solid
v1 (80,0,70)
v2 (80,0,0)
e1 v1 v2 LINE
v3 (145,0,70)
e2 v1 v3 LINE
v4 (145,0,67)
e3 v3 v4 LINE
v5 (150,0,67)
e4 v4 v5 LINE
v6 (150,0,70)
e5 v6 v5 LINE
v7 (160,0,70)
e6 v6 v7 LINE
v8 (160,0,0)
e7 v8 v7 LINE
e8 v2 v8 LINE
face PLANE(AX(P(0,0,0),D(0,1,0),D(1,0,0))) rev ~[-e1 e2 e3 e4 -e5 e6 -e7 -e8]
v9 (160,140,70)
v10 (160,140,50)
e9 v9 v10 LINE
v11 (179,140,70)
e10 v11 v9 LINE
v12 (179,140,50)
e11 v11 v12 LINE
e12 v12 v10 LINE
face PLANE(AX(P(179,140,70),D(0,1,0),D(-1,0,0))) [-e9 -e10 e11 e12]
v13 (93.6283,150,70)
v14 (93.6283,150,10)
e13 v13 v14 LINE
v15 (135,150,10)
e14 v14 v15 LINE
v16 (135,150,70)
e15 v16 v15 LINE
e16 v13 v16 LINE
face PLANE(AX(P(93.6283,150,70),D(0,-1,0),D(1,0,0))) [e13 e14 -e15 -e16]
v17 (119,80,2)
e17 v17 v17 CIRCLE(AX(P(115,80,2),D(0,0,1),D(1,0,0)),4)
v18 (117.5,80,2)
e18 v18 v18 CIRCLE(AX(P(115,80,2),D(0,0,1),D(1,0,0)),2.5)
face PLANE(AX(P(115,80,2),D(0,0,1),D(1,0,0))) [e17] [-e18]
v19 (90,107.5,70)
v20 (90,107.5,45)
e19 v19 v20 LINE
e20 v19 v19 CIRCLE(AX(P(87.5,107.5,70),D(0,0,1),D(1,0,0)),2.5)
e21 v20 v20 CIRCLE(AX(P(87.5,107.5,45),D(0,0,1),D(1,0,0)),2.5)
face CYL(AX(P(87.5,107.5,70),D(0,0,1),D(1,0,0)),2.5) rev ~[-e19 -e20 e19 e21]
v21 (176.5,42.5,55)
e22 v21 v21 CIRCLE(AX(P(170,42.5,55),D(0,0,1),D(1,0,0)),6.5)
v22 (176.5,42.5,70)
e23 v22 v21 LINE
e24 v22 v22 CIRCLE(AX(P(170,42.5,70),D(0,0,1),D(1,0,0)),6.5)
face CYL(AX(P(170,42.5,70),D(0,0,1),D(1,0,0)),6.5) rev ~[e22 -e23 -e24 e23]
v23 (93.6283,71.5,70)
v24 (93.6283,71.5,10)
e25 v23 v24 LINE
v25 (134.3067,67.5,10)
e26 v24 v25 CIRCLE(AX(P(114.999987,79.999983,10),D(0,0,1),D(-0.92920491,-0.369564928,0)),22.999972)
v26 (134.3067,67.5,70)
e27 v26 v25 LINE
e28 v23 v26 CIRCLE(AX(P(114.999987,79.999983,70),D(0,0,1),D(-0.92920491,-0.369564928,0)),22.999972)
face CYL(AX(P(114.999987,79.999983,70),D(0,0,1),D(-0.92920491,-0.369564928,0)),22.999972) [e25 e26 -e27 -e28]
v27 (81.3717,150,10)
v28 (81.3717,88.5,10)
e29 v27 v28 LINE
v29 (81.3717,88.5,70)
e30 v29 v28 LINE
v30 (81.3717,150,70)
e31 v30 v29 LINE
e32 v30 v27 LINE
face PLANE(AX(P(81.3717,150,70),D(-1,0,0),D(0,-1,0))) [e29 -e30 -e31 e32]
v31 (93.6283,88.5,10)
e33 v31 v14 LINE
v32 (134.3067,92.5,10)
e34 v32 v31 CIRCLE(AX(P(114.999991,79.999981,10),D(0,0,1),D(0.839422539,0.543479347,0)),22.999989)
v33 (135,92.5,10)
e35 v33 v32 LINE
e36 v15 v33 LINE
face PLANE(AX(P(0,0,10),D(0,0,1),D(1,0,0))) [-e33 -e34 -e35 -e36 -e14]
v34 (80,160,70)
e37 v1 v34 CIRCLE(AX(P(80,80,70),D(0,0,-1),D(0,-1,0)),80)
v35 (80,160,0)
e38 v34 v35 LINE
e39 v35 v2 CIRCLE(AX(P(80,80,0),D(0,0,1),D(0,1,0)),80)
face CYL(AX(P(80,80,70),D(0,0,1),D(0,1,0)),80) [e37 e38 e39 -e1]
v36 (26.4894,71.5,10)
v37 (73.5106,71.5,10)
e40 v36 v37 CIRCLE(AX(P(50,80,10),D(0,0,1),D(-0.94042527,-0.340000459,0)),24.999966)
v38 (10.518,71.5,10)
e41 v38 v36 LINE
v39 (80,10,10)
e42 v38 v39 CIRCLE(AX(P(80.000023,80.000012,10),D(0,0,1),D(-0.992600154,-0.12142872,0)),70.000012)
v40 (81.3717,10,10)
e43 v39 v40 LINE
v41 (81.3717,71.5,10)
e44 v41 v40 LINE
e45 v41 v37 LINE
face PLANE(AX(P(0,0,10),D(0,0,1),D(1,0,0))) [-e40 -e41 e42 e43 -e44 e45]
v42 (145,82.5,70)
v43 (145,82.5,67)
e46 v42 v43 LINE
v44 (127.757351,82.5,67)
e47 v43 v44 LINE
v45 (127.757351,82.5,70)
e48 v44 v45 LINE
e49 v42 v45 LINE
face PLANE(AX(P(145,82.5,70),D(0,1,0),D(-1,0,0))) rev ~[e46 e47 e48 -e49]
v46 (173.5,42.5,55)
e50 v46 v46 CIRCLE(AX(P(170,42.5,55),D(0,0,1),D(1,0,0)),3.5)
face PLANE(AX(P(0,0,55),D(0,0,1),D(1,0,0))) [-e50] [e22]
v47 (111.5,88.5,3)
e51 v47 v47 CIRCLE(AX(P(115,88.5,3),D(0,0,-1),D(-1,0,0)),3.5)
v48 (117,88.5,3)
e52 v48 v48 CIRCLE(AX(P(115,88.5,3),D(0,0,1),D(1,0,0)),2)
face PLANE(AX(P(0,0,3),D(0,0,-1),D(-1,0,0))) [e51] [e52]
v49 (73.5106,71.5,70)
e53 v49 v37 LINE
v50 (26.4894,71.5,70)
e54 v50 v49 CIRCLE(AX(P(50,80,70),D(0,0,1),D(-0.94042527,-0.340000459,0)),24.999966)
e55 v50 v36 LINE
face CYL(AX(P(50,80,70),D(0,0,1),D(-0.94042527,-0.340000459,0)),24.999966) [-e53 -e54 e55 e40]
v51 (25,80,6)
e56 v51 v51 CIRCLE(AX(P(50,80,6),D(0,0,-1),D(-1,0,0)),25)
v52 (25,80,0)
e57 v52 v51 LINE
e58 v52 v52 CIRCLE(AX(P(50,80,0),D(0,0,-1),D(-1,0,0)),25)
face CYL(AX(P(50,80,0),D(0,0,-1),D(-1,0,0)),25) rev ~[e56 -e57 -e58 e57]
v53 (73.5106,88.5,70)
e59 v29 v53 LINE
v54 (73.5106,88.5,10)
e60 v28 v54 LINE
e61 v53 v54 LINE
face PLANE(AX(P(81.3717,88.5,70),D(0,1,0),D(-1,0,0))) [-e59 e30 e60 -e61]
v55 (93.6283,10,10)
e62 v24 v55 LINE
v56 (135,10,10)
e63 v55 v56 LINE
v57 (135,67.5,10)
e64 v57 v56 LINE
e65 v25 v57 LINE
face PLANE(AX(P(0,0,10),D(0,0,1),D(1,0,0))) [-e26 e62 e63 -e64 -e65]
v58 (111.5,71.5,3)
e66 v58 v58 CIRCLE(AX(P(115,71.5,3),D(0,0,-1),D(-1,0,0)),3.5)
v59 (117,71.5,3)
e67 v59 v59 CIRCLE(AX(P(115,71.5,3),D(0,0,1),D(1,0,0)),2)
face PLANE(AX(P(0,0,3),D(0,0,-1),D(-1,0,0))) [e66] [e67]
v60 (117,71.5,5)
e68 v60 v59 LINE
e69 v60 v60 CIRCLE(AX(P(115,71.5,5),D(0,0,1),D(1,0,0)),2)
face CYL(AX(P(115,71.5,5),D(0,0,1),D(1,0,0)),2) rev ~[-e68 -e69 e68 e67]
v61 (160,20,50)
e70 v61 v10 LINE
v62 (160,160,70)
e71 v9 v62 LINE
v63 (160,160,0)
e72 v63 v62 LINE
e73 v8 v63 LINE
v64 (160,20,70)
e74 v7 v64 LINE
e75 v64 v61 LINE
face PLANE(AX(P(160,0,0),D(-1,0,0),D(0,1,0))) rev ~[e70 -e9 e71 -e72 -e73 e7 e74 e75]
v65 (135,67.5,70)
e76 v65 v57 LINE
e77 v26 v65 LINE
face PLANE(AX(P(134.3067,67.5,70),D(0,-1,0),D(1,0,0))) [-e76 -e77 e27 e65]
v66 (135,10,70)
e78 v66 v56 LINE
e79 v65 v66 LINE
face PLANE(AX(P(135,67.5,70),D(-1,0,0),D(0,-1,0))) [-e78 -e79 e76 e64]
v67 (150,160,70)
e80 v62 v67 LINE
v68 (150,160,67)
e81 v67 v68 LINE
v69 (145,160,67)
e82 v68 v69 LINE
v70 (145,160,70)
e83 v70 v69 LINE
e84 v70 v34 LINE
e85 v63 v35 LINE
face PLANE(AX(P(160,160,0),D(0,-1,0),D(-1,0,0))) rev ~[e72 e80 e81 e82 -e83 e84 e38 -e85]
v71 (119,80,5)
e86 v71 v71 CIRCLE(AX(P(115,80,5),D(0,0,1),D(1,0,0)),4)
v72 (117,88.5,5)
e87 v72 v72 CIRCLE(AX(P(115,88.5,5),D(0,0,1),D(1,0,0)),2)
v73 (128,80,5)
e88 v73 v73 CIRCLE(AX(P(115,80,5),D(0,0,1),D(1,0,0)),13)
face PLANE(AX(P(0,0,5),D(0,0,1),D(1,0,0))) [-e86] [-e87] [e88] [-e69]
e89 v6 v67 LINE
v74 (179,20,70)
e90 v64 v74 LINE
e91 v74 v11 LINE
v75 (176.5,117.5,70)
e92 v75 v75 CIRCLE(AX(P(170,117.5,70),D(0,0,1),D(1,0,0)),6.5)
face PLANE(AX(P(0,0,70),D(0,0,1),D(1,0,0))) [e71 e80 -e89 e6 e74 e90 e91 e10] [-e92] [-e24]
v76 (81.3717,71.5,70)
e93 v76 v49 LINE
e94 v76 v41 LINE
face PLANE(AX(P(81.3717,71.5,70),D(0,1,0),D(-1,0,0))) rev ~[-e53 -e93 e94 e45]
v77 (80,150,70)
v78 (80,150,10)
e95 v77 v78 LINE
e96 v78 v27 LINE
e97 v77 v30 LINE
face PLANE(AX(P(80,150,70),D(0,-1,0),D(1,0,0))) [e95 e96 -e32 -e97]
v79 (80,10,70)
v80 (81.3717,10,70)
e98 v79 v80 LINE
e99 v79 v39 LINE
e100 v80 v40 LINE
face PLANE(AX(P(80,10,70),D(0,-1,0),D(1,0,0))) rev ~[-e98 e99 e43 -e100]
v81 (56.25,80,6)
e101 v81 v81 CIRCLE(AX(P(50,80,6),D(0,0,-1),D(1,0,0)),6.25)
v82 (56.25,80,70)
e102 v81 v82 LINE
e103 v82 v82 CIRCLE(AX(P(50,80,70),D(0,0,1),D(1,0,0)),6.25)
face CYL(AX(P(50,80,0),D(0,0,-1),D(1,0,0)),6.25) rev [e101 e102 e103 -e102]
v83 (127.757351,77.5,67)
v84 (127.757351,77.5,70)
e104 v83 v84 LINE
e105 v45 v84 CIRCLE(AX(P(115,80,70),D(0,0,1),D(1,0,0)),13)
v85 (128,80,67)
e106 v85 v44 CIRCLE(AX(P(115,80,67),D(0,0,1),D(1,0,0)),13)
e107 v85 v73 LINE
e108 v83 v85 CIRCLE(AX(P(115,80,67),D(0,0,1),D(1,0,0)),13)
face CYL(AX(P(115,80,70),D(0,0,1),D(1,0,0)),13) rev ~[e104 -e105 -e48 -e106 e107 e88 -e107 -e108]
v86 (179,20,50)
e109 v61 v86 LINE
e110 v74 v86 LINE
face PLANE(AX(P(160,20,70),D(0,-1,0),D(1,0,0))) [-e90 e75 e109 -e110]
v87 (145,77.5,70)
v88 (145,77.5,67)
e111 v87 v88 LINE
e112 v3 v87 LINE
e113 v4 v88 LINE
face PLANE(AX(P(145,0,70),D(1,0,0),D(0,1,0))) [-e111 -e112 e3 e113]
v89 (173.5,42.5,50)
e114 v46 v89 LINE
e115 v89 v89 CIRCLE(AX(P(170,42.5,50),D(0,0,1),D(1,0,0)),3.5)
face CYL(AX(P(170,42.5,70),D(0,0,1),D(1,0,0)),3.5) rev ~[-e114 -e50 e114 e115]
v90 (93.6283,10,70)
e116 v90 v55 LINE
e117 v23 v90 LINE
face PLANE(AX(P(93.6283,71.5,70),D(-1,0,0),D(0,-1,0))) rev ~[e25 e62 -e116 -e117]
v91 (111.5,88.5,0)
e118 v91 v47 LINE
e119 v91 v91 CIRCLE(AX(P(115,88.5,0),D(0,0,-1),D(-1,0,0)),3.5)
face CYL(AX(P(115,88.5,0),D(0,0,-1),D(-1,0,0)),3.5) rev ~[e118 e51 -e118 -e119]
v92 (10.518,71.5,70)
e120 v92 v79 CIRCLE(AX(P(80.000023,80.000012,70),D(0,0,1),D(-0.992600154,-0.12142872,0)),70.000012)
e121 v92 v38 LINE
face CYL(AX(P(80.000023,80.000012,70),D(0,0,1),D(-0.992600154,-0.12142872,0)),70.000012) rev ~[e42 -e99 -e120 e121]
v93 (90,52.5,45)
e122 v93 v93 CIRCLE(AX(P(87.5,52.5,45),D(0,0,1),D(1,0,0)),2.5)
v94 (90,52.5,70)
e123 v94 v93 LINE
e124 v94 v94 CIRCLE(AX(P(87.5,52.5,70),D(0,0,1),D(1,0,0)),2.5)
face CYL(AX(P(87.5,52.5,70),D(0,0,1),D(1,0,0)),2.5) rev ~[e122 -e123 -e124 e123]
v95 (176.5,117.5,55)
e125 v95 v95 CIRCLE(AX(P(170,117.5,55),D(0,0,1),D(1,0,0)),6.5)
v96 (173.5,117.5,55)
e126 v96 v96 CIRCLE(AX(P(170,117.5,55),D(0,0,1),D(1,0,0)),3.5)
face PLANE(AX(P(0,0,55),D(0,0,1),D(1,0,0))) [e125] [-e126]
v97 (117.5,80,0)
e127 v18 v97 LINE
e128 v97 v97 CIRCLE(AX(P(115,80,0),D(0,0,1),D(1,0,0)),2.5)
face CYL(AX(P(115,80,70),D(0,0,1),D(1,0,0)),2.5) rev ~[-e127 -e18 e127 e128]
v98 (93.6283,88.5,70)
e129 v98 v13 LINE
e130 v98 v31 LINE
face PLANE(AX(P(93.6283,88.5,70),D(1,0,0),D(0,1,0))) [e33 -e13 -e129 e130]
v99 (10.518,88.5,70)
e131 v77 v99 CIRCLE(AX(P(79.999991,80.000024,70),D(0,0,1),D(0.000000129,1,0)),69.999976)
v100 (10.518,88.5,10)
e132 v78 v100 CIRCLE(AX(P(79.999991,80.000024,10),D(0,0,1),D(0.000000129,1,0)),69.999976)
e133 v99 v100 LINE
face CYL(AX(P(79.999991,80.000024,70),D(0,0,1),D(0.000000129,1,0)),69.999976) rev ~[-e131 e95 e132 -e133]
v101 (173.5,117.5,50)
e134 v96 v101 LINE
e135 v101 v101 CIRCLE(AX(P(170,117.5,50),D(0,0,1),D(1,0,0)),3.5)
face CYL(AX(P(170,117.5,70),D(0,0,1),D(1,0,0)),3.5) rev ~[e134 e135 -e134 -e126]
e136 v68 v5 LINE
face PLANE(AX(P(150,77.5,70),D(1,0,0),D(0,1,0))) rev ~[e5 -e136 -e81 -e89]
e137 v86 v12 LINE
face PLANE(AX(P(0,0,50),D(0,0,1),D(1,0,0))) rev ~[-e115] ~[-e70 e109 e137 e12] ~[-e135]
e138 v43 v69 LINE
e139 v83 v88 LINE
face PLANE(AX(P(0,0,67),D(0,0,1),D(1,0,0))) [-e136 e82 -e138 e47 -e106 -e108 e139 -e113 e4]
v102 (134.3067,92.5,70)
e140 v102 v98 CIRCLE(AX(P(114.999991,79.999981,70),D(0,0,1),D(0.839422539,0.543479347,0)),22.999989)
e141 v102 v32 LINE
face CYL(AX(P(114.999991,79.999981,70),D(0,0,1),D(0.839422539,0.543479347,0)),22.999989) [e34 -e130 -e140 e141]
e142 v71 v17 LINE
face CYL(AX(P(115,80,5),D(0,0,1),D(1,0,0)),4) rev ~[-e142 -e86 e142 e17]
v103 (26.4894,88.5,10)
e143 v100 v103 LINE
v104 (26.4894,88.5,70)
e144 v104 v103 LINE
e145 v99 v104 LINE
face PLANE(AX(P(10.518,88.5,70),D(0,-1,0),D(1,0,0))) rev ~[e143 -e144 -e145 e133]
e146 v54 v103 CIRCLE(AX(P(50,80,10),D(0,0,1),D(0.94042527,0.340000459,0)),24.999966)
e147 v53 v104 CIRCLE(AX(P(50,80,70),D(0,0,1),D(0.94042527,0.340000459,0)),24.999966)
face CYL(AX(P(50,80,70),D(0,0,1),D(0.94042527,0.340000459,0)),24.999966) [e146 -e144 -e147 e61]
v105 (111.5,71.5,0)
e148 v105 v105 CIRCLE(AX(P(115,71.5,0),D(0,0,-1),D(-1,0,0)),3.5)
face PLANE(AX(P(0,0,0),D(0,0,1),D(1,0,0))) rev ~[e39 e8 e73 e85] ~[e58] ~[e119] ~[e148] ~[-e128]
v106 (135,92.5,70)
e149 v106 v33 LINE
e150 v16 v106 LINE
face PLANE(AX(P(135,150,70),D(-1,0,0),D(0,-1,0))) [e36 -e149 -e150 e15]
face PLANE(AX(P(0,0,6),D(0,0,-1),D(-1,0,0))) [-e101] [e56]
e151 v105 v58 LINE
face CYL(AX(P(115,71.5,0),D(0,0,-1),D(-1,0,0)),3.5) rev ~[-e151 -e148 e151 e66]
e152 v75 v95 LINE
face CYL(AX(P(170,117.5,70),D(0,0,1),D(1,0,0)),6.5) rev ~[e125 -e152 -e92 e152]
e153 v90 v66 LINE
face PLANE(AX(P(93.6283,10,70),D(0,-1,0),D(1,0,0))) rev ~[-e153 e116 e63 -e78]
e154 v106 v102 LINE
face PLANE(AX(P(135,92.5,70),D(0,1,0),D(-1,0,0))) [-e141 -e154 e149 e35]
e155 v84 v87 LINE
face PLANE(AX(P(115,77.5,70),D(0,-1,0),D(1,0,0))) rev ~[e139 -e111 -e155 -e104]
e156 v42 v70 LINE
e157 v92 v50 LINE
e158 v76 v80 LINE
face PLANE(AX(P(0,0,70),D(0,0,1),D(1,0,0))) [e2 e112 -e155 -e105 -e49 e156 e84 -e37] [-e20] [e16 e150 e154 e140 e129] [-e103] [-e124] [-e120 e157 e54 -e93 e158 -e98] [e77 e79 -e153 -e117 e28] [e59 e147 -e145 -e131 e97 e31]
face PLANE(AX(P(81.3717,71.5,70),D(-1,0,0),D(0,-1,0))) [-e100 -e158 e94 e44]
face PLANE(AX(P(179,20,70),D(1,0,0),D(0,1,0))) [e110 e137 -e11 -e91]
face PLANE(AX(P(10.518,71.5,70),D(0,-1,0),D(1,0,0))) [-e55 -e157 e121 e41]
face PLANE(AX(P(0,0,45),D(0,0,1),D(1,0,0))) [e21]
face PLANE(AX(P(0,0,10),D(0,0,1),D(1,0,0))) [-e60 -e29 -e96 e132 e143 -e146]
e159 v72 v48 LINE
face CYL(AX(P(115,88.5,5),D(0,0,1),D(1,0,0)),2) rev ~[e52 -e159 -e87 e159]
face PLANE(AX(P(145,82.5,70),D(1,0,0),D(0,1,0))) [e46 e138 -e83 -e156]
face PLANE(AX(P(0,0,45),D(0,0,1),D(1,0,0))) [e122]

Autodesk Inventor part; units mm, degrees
ref_plane "YZ Plane" through (0, 0, 0) normal (1, 0, 0) x (0, 1, 0)
ref_plane "XZ Plane" through (0, 0, 0) normal (0, 1, 0) x (-1, 0, 0)
ref_plane "XY Plane" through (0, 0, 0) normal (0, 0, 1) x (1, 0, 0)
sketch "Sketch1" plane through (0, 0, 0) normal (0, 0, 1) x (1, 0, 0)
  line L0 (0, 0) -> (160, 0)
  line L1 (160, 0) -> (160, 160)
  line L2 (160, 160) -> (0, 160)
  line L3 (0, 160) -> (0, 0)
  circle A0 centre (50, 80) radius 6.25
  point P0 (160, 80)
  dimension "d0" = 160
  dimension "d1" = 160
  dimension "d2" = 12.5
  dimension "d7" = 50
extrude "Extrusion1" add sketch "Sketch1" along normal blind 70
sketch "Sketch2" plane through (0, 0, 70) normal (0, 0, 1) x (1, 0, 0)
  circle A0 centre (115, 80) radius 2.5
  line L0 (160, 0) -> (160, 160) projected
  circle A1 centre (50, 80) radius 6.25 projected
  line L1 (0, 0) -> (160, 0) projected
  line L2 (160, 0) -> (160, 160) projected
  line L3 (160, 160) -> (0, 160) projected
  line L4 (0, 160) -> (0, 0) projected
  point P0 (160, 80)
  dimension "d8" = 5
  dimension "d9" = 65
extrude "Extrusion2" cut sketch "Sketch2" against normal through all contours A0
sketch "Sketch5" plane through (0, 0, 70) normal (0, 0, 1) x (1, 0, 0)
  circle A0 centre (50, 80) radius 6.25 projected
  line L0 (0, 0) -> (160, 0) projected
  line L1 (160, 0) -> (160, 160) projected
  line L2 (160, 160) -> (0, 160) projected
  line L3 (0, 160) -> (0, 0) projected
  circle A1 centre (80, 80) radius 80 construction
  line L4 (0, 0) -> (160, 0) projected
  arc A2 (80, 160) -> (80, 0) centre (80, 80) ccw
  line L5 (160, 160) -> (0, 160) projected
  line L6 (80, 160) -> (0, 160)
  line L7 (0, 160) -> (0, 0)
  line L8 (80, 0) -> (0, 0)
  point P0 (0, 80)
extrude "Extrusion5" cut sketch "Sketch5" against normal through all contours L3 A2 L0 | L3 L2 A2
sketch "Sketch21" plane through (0, 0, 70) normal (0, 0, 1) x (1, 0, 0)
  circle A0 centre (115, 80) radius 2.5 projected
  circle A1 centre (115, 80) radius 13
  point P0 (0, 0)
  dimension "d100" = 26
extrude "Extrusion21" cut sketch "Sketch21" against normal blind 65
sketch "Sketch22" plane through (115, 80, 5) normal (0, 0, 1) x (1, 0, 0)
  circle A0 centre (0, 8.5) radius 2
  circle A1 centre (0, -8.5) radius 2
  circle A2 centre (0, 0) radius 2.5 construction
  line L0 (0, 8.5) -> (0, -8.5) construction
  point P0 (-115, -80)
  dimension "d103" = 4
  dimension "d104" = 4
  dimension "d105" = 17
extrude "Extrusion22" cut sketch "Sketch22" against normal through all
sketch "Sketch23" plane through (0, 0, 0) normal (0, 0, -1) x (-1, 0, 0)
  circle A0 centre (-115, 88.5) radius 2 projected
  circle A1 centre (-115, 71.5) radius 2 projected
  circle A2 centre (-115, 88.5) radius 3.5
  circle A3 centre (-115, 71.5) radius 3.5
  point P0 (0, 0)
  dimension "d108" = 7
  dimension "d109" = 7
extrude "Extrusion23" cut sketch "Sketch23" against normal blind 3 contours A0 | A1 | A2 | A3
sketch "Sketch24" plane through (115, 80, 5) normal (0, 0, 1) x (1, 0, 0)
  circle A0 centre (0, 0) radius 2.5 projected
  circle A1 centre (0, 0) radius 4
  point P0 (-115, -80)
  dimension "d112" = 8
extrude "Extrusion24" cut sketch "Sketch24" against normal blind 3
sketch "Sketch25" plane through (0, 0, 70) normal (0, 0, 1) x (1, 0, 0)
  line L0 (115, 77.5) -> (150, 77.5)
  line L1 (150, 77.5) -> (150, 82.5)
  line L2 (150, 82.5) -> (115, 82.5)
  line L3 (115, 82.5) -> (115, 77.5)
  line L4 (160, 0) -> (160, 160) projected
  line L5 (80, 0) -> (160, 0) projected
  line L6 (160, 160) -> (80, 160) projected
  line L7 (150, 0) -> (145, 0)
  line L8 (145, 0) -> (145, 160)
  line L9 (145, 160) -> (150, 160)
  line L10 (150, 160) -> (150, 0)
  point P0 (0, 0)
  point P1 (115, 88.5)
  point P2 (150, 80)
  point P3 (160, 80)
  dimension "d115" = 10
  dimension "d116" = 5
  dimension "d119" = 5
extrude "Extrusion25" cut sketch "Sketch25" against normal blind 3 contours L3 L2 L8 L0 | L8 L2 L1 L0 | L0 L10 L5 L8 | L8 L6 L10 L2
sketch "Sketch26" plane through (0, 0, 70) normal (0, 0, 1) x (1, 0, 0)
  line L0 (160, 0) -> (160, 160) projected
  line L1 (160, 20) -> (179, 20)
  line L2 (179, 20) -> (179, 140)
  line L3 (179, 140) -> (160, 140)
  line L4 (160, 140) -> (160, 20)
  line L5 (80, 0) -> (145, 0) projected
  line L6 (145, 160) -> (80, 160) projected
  circle A0 centre (170, 42.5) radius 3.5
  line L7 (170, 117.5) -> (170, 42.5) construction
  circle A1 centre (170, 117.5) radius 3.5
  point P0 (0, 0)
  point P1 (179, 80)
  point P2 (170, 80)
  dimension "d120" = 19
  dimension "d121" = 20
  dimension "d122" = 20
  dimension "d123" = 7
  dimension "d124" = 10
  dimension "d142" = 75
  dimension "d143" = 7
extrude "Extrusion26" add sketch "Sketch26" against normal blind 20
sketch "Sketch27" plane through (0, 0, 70) normal (0, 0, 1) x (1, 0, 0)
  line L0 (179, 52.5) -> (87.5, 52.5) construction
  line L1 (87.5, 52.5) -> (87.5, 107.5) construction
  line L2 (87.5, 107.5) -> (179, 107.5) construction
  line L3 (179, 107.5) -> (179, 52.5) construction
  line L4 (179, 20) -> (179, 140) construction
  circle A0 centre (87.5, 52.5) radius 2.5
  circle A1 centre (87.5, 107.5) radius 2.5
  point P0 (0, 0)
  point P1 (179, 80)
  dimension "d127" = 91.5
  dimension "d128" = 55
  dimension "d129" = 5
  dimension "d130" = 5
extrude "Extrusion27" cut sketch "Sketch27" against normal blind 25
sketch "Sketch28" plane through (0, 0, 0) normal (0, 0, -1) x (-1, 0, 0)
  circle A0 centre (-50, 80) radius 25
  circle A1 centre (-50, 80) radius 6.25 projected
  point P0 (0, 0)
  dimension "d133" = 50
extrude "Extrusion28" cut sketch "Sketch28" against normal blind 6 contours A0 | A1
sketch "Sketch29" plane through (0, 0, 70) normal (0, 0, 1) x (1, 0, 0)
  circle A0 centre (170, 42.5) radius 3.5 projected
  circle A1 centre (170, 42.5) radius 6.5
  circle A2 centre (170, 117.5) radius 3.5 projected
  circle A3 centre (170, 117.5) radius 6.5
  point P0 (0, 0)
  dimension "d136" = 13
  dimension "d144" = 13
extrude "Extrusion29" cut sketch "Sketch29" against normal blind 15 contours A0 | A1 | A3
sketch "Sketch30" plane through (0, 0, 70) normal (0, 0, 1) x (1, 0, 0)
  circle A0 centre (87.5, 52.5) radius 2.5 projected
  circle A1 centre (87.5, 107.5) radius 2.5 projected
  line L0 (145, 82.5) -> (145, 160) projected
  line L1 (145, 160) -> (80, 160) projected
  arc A2 (80, 160) -> (80, 0) centre (80, 80) ccw projected
  line L2 (80, 0) -> (145, 0) projected
  line L3 (145, 0) -> (145, 77.5) projected
  line L4 (145, 77.5) -> (127.7574, 77.5) projected
  arc A3 (127.7574, 82.5) -> (127.7574, 77.5) centre (115, 80) ccw projected
  line L5 (127.7574, 82.5) -> (145, 82.5) projected
  circle A4 centre (50, 80) radius 6.25 construction
  circle A5 centre (50, 80) radius 25 construction
  circle A6 centre (115, 88.5) radius 3.5 projected
  circle A7 centre (115, 71.5) radius 3.5 projected
  arc A8 (80, 160) -> (80, 0) centre (80, 80) ccw projected
  line L6 (160, 160) -> (80, 160) projected
  line L7 (160, 0) -> (160, 160) projected
  line L8 (80, 0) -> (160, 0) projected
  circle A9 centre (115, 80) radius 2.5 projected
  arc A10 (80, 150) -> (80, 10) centre (80, 80) ccw construction
  line L9 (80, 150) -> (135, 150) construction
  line L10 (135, 150) -> (135, 92.5)
  line L11 (135, 92.5) -> (134.3067, 92.5)
  arc A11 (134.3067, 92.5) -> (134.3067, 67.5) centre (115, 80) ccw construction
  line L12 (134.3067, 67.5) -> (135, 67.5)
  line L13 (135, 67.5) -> (135, 10)
  line L14 (135, 10) -> (80, 10) construction
  line L15 (93.6283, 71.5) -> (10.518, 71.5) construction
  line L16 (93.6283, 88.5) -> (10.518, 88.5) construction
  arc A12 (80, 150) -> (10.518, 88.5) centre (80, 80) ccw
  arc A13 (10.518, 71.5) -> (80, 10) centre (80, 80) ccw
  arc A14 (134.3067, 92.5) -> (93.6283, 88.5) centre (115, 80) ccw
  arc A15 (93.6283, 71.5) -> (134.3067, 67.5) centre (115, 80) ccw
  line L17 (81.3717, 150) -> (81.3717, 10) construction
  line L18 (93.6283, 88.5) -> (93.6283, 150)
  line L19 (93.6283, 71.5) -> (93.6283, 10)
  line L20 (87.5, 52.5) -> (87.5, 107.5) construction
  line L21 (80, 150) -> (81.3717, 150)
  line L22 (80, 10) -> (81.3717, 10)
  line L23 (93.6283, 10) -> (135, 10)
  line L24 (93.6283, 150) -> (135, 150)
  line L25 (81.3717, 150) -> (81.3717, 88.5)
  line L26 (81.3717, 71.5) -> (81.3717, 10)
  line L27 (10.518, 71.5) -> (81.3717, 71.5) construction
  line L28 (10.518, 88.5) -> (81.3717, 88.5) construction
  line L29 (10.518, 88.5) -> (26.4894, 88.5)
  circle A16 centre (50, 80) radius 25 construction
  line L30 (10.518, 71.5) -> (26.4894, 71.5)
  line L31 (81.3717, 71.5) -> (73.5106, 71.5)
  line L32 (81.3717, 88.5) -> (73.5106, 88.5)
  arc A17 (73.5106, 88.5) -> (26.4894, 88.5) centre (50, 80) ccw
  arc A18 (26.4894, 71.5) -> (73.5106, 71.5) centre (50, 80) ccw
  point P0 (0, 0)
  dimension "d139" = 10
extrude "Extrusion30" cut sketch "Sketch30" against normal blind 60 contours L10 L11 A14 L18 L24 | L12 L13 L23 L19 A15 | L21 L25 L32 A17 L29 A12 | L30 A18 L31 L26 L22 A13
properties part number "AA005b" material "ABS Plastic"
